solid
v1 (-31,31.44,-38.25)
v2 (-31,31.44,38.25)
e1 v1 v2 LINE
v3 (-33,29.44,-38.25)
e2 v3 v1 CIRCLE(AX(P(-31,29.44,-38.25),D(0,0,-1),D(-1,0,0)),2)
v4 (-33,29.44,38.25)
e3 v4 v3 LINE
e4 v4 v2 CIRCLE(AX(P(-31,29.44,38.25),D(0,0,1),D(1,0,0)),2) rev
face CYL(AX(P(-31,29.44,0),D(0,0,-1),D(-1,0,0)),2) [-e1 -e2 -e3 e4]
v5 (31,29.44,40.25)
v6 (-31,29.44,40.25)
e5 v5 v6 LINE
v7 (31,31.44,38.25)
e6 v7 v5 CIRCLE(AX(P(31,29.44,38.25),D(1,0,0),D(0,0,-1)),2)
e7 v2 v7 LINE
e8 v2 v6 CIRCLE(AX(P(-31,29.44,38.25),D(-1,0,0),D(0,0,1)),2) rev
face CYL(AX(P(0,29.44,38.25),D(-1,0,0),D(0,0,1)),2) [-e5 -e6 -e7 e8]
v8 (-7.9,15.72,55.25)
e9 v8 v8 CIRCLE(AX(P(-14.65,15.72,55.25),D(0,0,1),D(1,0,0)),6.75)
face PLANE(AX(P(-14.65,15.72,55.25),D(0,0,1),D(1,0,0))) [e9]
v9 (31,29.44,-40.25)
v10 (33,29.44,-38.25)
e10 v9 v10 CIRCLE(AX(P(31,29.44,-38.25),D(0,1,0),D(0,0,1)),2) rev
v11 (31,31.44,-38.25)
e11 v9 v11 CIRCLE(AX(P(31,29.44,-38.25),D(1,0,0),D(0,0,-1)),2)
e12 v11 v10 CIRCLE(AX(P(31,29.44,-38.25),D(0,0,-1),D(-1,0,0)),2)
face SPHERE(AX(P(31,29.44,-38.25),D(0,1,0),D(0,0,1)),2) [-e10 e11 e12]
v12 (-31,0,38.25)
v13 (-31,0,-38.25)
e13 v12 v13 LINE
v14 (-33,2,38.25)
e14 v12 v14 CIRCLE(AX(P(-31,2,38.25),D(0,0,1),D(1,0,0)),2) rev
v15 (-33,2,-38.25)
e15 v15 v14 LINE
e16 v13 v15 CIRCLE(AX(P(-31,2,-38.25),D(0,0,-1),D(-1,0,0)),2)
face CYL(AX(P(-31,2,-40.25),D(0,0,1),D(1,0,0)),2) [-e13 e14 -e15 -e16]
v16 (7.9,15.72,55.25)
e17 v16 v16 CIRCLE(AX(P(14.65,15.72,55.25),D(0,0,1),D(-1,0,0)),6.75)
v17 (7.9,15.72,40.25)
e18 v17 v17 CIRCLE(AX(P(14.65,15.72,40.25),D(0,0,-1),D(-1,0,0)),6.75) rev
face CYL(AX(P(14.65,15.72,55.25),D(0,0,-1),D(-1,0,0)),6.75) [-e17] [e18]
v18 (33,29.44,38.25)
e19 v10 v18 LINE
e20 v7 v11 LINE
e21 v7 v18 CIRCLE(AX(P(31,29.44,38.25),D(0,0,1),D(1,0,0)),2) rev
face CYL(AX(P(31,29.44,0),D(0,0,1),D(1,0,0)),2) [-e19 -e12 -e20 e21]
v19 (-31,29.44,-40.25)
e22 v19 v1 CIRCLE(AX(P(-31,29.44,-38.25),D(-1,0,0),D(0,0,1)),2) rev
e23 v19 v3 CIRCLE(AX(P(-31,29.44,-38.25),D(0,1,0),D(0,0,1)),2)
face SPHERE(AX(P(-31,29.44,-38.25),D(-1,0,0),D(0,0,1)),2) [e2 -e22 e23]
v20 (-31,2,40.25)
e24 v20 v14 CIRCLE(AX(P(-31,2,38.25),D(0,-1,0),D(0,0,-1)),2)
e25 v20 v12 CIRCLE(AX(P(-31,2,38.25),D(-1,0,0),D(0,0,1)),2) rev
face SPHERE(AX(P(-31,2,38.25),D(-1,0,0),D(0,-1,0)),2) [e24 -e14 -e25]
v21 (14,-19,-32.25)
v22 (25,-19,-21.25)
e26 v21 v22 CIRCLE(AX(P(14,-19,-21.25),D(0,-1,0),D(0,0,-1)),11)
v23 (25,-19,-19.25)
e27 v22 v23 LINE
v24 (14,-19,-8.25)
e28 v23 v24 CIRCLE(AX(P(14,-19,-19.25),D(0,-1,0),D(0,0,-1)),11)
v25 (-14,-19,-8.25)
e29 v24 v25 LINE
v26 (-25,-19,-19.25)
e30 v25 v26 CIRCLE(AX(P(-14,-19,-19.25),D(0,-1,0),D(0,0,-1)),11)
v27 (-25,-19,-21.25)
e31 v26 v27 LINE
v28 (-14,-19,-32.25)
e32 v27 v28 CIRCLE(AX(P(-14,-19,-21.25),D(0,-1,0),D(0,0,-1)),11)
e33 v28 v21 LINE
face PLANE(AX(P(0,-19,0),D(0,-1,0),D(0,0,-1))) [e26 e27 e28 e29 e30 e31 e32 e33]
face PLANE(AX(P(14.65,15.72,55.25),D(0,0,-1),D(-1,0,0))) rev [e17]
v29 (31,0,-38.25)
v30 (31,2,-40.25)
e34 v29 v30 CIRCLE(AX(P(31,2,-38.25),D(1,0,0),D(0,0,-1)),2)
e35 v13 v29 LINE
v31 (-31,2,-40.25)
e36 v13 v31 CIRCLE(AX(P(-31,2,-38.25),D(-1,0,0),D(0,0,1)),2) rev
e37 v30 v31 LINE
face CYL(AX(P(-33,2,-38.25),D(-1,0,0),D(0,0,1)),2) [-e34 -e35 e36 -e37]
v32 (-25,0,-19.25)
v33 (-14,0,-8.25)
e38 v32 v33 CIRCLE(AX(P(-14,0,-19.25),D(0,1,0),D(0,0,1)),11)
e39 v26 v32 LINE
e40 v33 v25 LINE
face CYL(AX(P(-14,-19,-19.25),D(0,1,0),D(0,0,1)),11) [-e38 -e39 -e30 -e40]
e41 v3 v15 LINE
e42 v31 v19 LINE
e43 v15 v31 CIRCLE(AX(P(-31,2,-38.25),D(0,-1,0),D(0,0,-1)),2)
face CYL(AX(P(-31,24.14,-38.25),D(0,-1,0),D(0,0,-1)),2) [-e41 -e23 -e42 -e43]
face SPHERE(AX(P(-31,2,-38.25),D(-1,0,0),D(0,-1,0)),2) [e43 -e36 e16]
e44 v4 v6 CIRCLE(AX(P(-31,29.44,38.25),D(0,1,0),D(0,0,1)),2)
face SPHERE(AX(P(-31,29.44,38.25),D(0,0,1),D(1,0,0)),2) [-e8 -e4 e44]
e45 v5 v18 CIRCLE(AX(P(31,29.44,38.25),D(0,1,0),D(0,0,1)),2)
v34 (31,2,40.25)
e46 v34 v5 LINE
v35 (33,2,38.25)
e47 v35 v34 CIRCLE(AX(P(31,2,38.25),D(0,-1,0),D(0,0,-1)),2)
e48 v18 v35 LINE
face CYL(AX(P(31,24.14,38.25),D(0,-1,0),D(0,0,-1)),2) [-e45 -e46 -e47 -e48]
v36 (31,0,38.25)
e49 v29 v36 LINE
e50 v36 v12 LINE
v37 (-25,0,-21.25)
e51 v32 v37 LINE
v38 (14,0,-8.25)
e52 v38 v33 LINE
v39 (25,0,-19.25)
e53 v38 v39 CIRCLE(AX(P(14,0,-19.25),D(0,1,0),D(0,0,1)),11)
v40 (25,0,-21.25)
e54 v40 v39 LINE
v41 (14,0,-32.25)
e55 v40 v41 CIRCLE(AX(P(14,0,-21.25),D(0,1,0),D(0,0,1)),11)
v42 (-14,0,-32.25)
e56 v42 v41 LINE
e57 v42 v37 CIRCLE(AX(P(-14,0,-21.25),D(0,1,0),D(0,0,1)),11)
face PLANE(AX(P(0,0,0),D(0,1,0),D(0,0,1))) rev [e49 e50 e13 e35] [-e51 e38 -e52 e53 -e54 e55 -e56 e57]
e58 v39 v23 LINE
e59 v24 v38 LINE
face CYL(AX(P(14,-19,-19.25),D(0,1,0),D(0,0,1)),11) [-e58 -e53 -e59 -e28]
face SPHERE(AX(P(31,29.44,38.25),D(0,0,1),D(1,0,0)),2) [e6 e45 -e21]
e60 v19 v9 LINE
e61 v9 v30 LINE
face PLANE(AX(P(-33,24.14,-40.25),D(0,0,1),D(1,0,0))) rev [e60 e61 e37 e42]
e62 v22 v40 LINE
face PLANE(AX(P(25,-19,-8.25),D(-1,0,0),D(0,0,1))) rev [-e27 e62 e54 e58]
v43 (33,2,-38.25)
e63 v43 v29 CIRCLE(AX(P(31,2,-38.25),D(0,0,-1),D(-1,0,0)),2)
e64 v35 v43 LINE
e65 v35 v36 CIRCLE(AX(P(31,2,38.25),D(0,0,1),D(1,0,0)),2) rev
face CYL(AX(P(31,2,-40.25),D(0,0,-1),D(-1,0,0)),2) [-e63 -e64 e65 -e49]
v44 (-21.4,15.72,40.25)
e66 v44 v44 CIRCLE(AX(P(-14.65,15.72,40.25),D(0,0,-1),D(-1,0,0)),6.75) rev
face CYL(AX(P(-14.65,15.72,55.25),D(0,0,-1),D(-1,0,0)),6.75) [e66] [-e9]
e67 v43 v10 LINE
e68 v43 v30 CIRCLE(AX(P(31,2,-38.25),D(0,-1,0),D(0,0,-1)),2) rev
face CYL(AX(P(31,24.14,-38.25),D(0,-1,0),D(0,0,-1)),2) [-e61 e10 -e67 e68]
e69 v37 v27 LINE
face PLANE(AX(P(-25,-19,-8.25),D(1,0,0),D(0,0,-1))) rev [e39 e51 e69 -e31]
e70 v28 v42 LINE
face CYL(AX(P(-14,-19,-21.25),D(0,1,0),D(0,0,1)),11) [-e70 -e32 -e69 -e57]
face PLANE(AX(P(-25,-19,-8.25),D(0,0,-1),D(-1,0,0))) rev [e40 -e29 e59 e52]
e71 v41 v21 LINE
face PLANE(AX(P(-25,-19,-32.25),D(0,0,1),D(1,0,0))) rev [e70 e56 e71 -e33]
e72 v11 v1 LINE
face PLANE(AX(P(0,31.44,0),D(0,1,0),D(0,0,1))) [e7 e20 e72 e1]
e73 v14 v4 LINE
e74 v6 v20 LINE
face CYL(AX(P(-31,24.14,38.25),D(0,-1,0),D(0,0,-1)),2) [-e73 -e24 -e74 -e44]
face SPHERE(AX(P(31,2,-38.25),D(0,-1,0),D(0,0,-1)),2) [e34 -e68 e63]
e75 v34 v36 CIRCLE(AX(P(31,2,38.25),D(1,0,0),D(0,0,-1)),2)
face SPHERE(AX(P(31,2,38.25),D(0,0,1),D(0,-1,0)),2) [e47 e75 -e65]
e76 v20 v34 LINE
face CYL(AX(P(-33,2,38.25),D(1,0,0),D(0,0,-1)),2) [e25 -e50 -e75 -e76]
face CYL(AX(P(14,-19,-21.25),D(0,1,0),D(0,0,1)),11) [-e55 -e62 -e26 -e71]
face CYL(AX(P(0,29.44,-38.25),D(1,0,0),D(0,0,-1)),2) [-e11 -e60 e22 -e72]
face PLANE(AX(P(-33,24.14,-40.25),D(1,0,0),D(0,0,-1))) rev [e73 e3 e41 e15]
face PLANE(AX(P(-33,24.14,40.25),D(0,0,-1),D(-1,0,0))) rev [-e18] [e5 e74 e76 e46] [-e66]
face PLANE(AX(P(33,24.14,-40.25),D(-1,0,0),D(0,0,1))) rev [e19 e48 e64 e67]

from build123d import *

# Parameters (mm, degrees)
SKETCH1_W           = 66
SKETCH1_H           = 80.5
BOSS_EXTRUDE1_DEPTH = 24.14
SKETCH2_W           = 50
SKETCH2_H           = 24
BOSS_EXTRUDE2_DEPTH = 19
SKETCH3_W           = 66
SKETCH3_H           = 80.5
BOSS_EXTRUDE3_DEPTH = 7.3
FILLET1_R           = 2
FILLET2_R           = 11
SKETCH4_R           = 6.75
BOSS_EXTRUDE4_DEPTH = 15


with BuildPart() as part:
    # Sketch1 → Boss-Extrude1 (new body)
    with BuildSketch(Plane(origin=(0, 0, 0), x_dir=(1, 0, 0), z_dir=(0, 1, 0))):
        Rectangle(SKETCH1_W, SKETCH1_H)
    extrude(amount=BOSS_EXTRUDE1_DEPTH)

    # Sketch2 → Boss-Extrude2 (add)
    with BuildSketch(Plane.XZ):
        with Locations((0, -20.25)):
            Rectangle(SKETCH2_W, SKETCH2_H)
    extrude(amount=BOSS_EXTRUDE2_DEPTH)

    # Sketch3 → Boss-Extrude3 (add)
    with BuildSketch(Plane(origin=(0, 24.14, 0), x_dir=(1, 0, 0), z_dir=(0, 1, 0))):
        Rectangle(SKETCH3_W, SKETCH3_H)
    extrude(amount=BOSS_EXTRUDE3_DEPTH)

    # Fillet1
    fillet1_edges = [part.edges().sort_by_distance(p)[0] for p in [
        (0, 31.44, 40.25),
        (33, 31.44, 0),
        (0, 31.44, -40.25),
        (-33, 31.44, 0),
        (0, 0, 40.25),
        (-33, 0, 0),
        (0, 0, -40.25),
        (33, 0, 0),
        (33, 15.72, 40.25),
        (-33, 15.72, 40.25),
        (-33, 15.72, -40.25),
        (33, 15.72, -40.25),
    ]]
    fillet(fillet1_edges, radius=FILLET1_R)

    # Fillet2
    fillet2_edges = [part.edges().sort_by_distance(p)[0] for p in [
        (-25, -9.5, -8.25),
        (-25, -9.5, -32.25),
        (25, -9.5, -32.25),
        (25, -9.5, -8.25),
    ]]
    fillet(fillet2_edges, radius=FILLET2_R)

    # Sketch4 → Boss-Extrude4 (add)
    with BuildSketch(Plane.XY.offset(40.25)):
        with Locations(Location((-14.64999991, 15.7200005, 0), (0, 0, 180))):
            Circle(SKETCH4_R)
        with Locations(Location((14.64999991, 15.7200005, 0), (0, 0, 180))):
            Circle(SKETCH4_R)
    extrude(amount=BOSS_EXTRUDE4_DEPTH)


solid = part.part
